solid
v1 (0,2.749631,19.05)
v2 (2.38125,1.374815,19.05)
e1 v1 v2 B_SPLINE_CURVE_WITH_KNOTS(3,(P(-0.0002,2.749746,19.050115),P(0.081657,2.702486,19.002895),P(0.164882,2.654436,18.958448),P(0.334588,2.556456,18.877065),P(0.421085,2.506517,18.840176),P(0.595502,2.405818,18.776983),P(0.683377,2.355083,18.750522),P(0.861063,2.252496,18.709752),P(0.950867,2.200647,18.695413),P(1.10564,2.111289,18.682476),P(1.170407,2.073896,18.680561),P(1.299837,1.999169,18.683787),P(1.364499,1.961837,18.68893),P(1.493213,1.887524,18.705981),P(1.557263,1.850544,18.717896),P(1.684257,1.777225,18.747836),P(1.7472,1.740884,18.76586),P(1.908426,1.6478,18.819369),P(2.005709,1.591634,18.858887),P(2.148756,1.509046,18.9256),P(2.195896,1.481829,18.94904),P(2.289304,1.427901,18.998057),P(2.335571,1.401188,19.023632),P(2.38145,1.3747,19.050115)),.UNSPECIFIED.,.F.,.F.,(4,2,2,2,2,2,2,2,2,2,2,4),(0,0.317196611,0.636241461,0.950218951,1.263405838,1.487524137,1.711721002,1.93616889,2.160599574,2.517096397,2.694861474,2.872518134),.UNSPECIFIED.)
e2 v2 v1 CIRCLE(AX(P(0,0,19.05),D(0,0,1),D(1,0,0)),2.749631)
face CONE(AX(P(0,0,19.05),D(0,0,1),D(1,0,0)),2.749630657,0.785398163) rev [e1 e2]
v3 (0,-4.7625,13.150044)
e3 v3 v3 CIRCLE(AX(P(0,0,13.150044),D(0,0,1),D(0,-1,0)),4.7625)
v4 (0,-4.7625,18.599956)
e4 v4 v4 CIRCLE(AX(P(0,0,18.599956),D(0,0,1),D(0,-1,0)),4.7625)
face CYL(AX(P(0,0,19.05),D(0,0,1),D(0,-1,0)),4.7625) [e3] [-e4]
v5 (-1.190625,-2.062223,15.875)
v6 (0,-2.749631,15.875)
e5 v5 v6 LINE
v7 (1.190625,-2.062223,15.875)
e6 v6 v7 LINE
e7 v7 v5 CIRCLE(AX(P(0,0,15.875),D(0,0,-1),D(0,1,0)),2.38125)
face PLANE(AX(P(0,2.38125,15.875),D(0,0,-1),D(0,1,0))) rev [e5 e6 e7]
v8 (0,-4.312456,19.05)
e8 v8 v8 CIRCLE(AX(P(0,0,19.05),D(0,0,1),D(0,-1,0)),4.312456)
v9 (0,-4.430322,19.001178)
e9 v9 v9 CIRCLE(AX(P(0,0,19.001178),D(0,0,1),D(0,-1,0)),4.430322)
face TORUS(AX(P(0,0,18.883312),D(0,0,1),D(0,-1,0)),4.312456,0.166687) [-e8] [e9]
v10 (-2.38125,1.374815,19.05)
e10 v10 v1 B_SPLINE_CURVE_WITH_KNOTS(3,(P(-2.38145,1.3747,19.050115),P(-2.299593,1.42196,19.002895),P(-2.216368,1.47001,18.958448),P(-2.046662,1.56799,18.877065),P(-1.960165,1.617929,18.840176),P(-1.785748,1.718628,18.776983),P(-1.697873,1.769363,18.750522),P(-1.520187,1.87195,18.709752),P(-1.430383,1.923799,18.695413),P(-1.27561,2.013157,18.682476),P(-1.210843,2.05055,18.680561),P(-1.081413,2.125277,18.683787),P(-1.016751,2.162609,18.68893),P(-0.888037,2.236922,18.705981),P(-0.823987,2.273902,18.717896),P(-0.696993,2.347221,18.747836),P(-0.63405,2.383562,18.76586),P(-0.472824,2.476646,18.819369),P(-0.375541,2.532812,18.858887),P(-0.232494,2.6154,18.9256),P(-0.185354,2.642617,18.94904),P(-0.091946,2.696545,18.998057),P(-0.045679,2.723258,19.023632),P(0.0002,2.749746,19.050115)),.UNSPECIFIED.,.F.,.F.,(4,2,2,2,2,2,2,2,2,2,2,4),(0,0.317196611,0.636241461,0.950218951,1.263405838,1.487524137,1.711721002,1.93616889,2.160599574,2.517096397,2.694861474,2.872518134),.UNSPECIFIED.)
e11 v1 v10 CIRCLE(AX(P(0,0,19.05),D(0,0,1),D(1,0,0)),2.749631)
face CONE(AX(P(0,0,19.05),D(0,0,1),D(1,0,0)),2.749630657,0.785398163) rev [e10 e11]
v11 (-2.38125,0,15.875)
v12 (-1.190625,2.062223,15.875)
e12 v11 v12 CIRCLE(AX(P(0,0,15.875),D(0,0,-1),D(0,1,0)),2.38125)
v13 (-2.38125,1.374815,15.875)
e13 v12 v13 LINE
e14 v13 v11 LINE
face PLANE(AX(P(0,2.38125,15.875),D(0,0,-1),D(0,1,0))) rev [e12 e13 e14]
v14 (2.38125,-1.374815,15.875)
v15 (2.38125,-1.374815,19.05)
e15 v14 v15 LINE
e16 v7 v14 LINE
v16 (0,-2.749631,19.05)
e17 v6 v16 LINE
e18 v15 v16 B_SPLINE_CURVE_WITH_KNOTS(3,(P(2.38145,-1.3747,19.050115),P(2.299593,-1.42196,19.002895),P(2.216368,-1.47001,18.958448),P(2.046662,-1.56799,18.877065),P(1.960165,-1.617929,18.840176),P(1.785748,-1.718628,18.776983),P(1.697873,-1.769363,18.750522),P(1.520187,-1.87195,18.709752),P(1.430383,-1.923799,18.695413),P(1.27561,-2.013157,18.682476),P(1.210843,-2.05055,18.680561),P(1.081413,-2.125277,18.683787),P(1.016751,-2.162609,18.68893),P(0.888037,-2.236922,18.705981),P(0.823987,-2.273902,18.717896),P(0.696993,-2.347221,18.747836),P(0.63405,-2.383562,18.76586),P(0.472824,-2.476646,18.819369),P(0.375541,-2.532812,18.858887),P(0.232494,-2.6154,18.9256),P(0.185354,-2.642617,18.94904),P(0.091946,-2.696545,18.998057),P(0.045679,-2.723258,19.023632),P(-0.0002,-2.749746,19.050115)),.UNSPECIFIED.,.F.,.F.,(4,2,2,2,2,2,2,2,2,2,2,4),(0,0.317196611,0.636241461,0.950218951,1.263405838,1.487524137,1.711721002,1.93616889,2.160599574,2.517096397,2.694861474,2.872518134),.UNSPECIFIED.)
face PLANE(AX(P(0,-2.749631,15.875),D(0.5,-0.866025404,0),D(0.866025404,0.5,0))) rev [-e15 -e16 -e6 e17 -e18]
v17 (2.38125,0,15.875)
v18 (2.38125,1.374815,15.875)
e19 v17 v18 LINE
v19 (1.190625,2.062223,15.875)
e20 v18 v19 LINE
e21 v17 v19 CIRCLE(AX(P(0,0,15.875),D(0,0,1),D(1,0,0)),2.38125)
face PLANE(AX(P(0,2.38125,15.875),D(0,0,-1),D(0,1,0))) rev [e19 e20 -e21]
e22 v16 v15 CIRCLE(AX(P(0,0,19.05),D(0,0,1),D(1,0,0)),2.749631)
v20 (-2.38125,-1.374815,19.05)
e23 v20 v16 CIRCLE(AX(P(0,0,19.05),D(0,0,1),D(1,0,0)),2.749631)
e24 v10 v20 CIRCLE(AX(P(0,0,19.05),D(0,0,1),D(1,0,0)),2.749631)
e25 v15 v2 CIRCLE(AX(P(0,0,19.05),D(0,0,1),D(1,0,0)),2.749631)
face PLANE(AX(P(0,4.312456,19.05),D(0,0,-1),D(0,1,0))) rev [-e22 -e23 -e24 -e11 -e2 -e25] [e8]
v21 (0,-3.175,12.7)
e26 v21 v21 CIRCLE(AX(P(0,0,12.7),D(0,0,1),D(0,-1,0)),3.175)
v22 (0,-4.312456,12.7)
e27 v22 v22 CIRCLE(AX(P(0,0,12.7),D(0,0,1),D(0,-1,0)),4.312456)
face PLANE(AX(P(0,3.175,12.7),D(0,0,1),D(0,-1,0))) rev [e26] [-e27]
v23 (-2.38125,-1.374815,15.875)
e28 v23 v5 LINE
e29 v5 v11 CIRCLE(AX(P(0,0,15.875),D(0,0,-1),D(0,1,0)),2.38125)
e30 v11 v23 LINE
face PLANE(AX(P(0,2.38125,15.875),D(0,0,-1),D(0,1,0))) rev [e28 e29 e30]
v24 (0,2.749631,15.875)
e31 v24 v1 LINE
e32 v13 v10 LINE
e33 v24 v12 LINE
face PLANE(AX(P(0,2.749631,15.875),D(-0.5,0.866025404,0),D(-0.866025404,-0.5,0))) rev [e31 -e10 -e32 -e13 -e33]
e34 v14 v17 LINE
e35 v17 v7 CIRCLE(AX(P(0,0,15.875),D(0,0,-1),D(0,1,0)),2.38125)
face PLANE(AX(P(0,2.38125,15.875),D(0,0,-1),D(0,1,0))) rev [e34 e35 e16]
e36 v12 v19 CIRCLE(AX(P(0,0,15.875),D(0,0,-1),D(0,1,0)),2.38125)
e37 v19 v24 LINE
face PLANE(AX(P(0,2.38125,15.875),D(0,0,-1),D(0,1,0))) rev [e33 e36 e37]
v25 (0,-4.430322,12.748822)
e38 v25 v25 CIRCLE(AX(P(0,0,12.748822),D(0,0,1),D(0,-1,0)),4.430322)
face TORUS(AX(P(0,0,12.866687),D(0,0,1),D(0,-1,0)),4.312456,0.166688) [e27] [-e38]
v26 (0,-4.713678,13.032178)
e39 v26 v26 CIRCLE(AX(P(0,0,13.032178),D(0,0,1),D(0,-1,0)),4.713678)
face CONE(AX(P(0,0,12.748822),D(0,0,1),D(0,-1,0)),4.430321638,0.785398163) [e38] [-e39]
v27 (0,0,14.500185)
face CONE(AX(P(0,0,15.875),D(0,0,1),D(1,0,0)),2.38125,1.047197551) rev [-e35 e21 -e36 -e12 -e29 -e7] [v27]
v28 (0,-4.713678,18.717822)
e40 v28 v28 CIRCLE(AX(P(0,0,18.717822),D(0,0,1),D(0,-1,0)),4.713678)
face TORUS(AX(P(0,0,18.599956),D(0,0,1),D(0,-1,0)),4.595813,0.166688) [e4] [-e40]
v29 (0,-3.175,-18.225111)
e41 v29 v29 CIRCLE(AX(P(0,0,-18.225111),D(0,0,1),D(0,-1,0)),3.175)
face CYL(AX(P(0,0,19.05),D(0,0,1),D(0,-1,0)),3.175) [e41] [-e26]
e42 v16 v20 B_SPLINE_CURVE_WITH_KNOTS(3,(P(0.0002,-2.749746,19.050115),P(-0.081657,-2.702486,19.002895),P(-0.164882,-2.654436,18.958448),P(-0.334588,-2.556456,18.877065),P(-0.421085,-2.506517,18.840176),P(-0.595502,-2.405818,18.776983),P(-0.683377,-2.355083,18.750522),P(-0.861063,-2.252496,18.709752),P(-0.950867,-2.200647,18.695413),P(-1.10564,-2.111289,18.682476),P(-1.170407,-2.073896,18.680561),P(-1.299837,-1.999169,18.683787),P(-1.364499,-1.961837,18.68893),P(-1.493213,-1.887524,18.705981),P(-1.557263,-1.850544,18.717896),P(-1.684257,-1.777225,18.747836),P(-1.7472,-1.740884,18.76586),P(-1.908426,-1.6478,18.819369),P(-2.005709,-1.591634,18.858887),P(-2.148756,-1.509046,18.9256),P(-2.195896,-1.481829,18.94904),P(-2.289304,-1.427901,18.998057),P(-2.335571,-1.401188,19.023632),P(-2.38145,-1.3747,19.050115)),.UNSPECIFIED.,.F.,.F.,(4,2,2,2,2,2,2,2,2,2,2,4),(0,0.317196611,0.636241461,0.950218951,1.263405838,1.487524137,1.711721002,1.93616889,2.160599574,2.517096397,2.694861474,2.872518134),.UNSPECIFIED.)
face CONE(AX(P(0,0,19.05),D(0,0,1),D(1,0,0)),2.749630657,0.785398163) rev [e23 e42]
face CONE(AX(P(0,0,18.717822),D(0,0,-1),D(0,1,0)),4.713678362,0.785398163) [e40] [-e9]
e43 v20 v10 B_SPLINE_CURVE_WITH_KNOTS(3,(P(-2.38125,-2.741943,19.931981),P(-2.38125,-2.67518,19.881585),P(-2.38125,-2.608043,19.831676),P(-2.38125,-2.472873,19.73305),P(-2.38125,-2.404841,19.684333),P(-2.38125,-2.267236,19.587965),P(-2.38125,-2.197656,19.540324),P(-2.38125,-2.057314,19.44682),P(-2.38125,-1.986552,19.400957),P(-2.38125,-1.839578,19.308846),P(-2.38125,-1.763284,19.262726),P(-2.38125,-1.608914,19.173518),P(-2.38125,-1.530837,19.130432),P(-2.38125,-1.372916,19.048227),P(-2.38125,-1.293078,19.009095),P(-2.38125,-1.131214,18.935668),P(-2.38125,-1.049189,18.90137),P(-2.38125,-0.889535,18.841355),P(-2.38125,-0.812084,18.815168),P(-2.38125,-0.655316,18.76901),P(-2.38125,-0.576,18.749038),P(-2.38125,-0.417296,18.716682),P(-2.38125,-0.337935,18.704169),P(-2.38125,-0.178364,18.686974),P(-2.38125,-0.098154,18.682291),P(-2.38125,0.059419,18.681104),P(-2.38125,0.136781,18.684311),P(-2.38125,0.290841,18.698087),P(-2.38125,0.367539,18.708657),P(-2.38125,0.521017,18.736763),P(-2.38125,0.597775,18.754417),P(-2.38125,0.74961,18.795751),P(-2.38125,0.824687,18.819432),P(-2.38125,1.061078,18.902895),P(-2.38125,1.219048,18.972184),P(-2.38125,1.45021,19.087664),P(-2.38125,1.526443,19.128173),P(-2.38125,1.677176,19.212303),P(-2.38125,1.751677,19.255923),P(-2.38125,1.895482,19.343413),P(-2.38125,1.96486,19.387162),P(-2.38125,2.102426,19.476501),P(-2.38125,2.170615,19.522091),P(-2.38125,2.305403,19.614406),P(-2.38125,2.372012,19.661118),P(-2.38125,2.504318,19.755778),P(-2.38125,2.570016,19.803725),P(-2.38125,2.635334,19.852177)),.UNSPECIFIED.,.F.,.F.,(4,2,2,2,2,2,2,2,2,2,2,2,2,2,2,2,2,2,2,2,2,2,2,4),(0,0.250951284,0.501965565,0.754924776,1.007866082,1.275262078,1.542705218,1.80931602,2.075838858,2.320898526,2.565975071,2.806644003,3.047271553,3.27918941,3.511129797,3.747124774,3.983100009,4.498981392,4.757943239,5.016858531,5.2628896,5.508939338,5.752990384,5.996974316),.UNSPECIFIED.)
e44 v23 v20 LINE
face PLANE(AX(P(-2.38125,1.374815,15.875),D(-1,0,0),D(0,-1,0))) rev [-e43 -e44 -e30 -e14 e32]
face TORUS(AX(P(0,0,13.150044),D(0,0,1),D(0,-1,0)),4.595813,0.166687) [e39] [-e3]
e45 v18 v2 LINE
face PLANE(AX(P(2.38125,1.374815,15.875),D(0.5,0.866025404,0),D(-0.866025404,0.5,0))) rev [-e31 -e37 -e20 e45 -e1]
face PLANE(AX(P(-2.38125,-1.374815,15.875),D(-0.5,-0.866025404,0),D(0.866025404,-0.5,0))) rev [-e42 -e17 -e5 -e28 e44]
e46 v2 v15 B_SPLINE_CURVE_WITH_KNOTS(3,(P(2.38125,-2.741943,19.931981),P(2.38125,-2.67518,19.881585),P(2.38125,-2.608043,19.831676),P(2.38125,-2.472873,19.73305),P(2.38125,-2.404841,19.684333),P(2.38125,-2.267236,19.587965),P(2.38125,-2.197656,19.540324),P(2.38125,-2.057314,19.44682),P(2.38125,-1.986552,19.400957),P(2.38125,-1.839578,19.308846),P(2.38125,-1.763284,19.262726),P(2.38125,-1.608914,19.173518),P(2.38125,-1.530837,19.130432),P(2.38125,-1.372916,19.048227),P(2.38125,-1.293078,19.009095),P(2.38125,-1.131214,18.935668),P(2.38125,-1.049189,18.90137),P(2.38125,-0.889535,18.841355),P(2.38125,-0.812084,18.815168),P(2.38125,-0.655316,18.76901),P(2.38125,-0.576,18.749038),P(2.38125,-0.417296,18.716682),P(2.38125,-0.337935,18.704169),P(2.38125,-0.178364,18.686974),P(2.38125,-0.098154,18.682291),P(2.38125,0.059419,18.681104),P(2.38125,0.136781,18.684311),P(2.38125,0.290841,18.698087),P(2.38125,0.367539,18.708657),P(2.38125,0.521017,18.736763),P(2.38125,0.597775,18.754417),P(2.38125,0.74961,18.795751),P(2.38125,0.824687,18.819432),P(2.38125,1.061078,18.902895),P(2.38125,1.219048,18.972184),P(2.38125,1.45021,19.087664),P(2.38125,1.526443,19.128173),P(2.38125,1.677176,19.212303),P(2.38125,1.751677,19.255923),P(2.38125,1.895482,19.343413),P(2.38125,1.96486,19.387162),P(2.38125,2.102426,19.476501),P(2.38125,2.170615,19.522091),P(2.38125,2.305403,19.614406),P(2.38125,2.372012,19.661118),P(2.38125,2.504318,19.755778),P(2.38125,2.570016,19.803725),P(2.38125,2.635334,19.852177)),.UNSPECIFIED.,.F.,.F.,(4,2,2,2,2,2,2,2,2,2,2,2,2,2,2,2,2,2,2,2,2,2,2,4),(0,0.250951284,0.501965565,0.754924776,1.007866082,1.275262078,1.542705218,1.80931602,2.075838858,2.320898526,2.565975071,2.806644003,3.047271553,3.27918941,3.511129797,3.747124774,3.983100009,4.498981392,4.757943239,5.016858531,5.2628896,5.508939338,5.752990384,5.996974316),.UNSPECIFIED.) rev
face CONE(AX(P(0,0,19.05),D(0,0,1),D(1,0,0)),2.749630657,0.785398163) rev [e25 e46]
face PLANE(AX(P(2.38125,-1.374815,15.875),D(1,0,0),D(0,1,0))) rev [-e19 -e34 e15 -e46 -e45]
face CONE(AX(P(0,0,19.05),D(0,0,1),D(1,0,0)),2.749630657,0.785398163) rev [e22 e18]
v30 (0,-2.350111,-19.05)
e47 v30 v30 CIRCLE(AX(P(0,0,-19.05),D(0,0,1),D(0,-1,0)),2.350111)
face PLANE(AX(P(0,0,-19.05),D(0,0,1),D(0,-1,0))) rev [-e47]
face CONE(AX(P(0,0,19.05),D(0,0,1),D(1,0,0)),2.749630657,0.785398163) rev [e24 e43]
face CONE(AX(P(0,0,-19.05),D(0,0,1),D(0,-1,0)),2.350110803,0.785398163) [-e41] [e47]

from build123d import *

# Parameters (mm, degrees)
CUT_EXTRUDE1_DEPTH = 3.175


with BuildPart() as part:
    # Sketch3 → Revolve1 (revolve)
    with BuildSketch(Plane(origin=(0, 0, 0), x_dir=(0, 0, -1), z_dir=(1, 0, 0)), mode=Mode.PRIVATE) as revolve1_sk:
        with BuildLine():
            Line((-19.05, 4.312455777), (-19.05, 2.38125))
            Line((-19.05, 2.38125), (-15.875, 2.38125))
            Line((-15.875, 2.38125), (-15.875, 0))
            Line((-15.875, 0), (19.05, 0))
            Line((19.05, 0), (19.05, 2.350110803))
            Line((19.05, 2.350110803), (18.225110803, 3.175))
            Line((18.225110803, 3.175), (-12.7, 3.175))
            Line((-12.7, 3.175), (-12.7, 4.312455777))
            ThreePointArc((-12.7, 4.312455777), (-12.71268833, 4.376244321), (-12.748821638, 4.430321638))
            Line((-12.748821638, 4.430321638), (-13.032178362, 4.713678362))
            ThreePointArc((-13.032178362, 4.713678362), (-13.086255679, 4.74981167), (-13.150044223, 4.7625))
            Line((-13.150044223, 4.7625), (-18.599955777, 4.7625))
            ThreePointArc((-18.599955777, 4.7625), (-18.663744321, 4.74981167), (-18.717821638, 4.713678362))
            Line((-18.717821638, 4.713678362), (-19.001178362, 4.430321638))
            ThreePointArc((-19.001178362, 4.430321638), (-19.03731167, 4.376244321), (-19.05, 4.312455777))
        make_face()
    revolve(revolve1_sk.sketch.rotate(Axis((0, 0, 19.05), (0, 0, -1)), 180), axis=Axis((0, 0, 19.05), (0, 0, -1)))

    # Sketch4 → Cut-Extrude1 (cut)
    with BuildSketch(Plane.XY.offset(19.05)):
        Polygon((0, 2.749630657), (-2.38125, 1.374815329), (-2.38125, -1.374815329), (0, -2.749630657), (2.38125, -1.374815329), (2.38125, 1.374815329), align=None)
    extrude(amount=-CUT_EXTRUDE1_DEPTH, mode=Mode.SUBTRACT)

    # Cut-Extrude2 cone 1 section (through the dimple's axis) → Cut-Extrude2 (revolve, cut)
    with BuildSketch(Plane(origin=(0, 0, 19.05), x_dir=(0, -1, 0), z_dir=(1, 0, 0))):
        Polygon((0, 0), (2.749630657, 0), (0, 2.749630657), align=None)
    revolve(axis=Axis((0, 0, 19.05), (0, 0, -1)), mode=Mode.SUBTRACT)

    # Cut-Extrude3 cone 1 section (through the dimple's axis) → Cut-Extrude3 (revolve, cut)
    with BuildSketch(Plane(origin=(0, 0, 15.875), x_dir=(0, -1, 0), z_dir=(1, 0, 0))):
        Polygon((0, 0), (2.38125, 0), (0, 1.374815329), align=None)
    revolve(axis=Axis((0, 0, 15.875), (0, 0, -1)), mode=Mode.SUBTRACT)


solid = part.part
